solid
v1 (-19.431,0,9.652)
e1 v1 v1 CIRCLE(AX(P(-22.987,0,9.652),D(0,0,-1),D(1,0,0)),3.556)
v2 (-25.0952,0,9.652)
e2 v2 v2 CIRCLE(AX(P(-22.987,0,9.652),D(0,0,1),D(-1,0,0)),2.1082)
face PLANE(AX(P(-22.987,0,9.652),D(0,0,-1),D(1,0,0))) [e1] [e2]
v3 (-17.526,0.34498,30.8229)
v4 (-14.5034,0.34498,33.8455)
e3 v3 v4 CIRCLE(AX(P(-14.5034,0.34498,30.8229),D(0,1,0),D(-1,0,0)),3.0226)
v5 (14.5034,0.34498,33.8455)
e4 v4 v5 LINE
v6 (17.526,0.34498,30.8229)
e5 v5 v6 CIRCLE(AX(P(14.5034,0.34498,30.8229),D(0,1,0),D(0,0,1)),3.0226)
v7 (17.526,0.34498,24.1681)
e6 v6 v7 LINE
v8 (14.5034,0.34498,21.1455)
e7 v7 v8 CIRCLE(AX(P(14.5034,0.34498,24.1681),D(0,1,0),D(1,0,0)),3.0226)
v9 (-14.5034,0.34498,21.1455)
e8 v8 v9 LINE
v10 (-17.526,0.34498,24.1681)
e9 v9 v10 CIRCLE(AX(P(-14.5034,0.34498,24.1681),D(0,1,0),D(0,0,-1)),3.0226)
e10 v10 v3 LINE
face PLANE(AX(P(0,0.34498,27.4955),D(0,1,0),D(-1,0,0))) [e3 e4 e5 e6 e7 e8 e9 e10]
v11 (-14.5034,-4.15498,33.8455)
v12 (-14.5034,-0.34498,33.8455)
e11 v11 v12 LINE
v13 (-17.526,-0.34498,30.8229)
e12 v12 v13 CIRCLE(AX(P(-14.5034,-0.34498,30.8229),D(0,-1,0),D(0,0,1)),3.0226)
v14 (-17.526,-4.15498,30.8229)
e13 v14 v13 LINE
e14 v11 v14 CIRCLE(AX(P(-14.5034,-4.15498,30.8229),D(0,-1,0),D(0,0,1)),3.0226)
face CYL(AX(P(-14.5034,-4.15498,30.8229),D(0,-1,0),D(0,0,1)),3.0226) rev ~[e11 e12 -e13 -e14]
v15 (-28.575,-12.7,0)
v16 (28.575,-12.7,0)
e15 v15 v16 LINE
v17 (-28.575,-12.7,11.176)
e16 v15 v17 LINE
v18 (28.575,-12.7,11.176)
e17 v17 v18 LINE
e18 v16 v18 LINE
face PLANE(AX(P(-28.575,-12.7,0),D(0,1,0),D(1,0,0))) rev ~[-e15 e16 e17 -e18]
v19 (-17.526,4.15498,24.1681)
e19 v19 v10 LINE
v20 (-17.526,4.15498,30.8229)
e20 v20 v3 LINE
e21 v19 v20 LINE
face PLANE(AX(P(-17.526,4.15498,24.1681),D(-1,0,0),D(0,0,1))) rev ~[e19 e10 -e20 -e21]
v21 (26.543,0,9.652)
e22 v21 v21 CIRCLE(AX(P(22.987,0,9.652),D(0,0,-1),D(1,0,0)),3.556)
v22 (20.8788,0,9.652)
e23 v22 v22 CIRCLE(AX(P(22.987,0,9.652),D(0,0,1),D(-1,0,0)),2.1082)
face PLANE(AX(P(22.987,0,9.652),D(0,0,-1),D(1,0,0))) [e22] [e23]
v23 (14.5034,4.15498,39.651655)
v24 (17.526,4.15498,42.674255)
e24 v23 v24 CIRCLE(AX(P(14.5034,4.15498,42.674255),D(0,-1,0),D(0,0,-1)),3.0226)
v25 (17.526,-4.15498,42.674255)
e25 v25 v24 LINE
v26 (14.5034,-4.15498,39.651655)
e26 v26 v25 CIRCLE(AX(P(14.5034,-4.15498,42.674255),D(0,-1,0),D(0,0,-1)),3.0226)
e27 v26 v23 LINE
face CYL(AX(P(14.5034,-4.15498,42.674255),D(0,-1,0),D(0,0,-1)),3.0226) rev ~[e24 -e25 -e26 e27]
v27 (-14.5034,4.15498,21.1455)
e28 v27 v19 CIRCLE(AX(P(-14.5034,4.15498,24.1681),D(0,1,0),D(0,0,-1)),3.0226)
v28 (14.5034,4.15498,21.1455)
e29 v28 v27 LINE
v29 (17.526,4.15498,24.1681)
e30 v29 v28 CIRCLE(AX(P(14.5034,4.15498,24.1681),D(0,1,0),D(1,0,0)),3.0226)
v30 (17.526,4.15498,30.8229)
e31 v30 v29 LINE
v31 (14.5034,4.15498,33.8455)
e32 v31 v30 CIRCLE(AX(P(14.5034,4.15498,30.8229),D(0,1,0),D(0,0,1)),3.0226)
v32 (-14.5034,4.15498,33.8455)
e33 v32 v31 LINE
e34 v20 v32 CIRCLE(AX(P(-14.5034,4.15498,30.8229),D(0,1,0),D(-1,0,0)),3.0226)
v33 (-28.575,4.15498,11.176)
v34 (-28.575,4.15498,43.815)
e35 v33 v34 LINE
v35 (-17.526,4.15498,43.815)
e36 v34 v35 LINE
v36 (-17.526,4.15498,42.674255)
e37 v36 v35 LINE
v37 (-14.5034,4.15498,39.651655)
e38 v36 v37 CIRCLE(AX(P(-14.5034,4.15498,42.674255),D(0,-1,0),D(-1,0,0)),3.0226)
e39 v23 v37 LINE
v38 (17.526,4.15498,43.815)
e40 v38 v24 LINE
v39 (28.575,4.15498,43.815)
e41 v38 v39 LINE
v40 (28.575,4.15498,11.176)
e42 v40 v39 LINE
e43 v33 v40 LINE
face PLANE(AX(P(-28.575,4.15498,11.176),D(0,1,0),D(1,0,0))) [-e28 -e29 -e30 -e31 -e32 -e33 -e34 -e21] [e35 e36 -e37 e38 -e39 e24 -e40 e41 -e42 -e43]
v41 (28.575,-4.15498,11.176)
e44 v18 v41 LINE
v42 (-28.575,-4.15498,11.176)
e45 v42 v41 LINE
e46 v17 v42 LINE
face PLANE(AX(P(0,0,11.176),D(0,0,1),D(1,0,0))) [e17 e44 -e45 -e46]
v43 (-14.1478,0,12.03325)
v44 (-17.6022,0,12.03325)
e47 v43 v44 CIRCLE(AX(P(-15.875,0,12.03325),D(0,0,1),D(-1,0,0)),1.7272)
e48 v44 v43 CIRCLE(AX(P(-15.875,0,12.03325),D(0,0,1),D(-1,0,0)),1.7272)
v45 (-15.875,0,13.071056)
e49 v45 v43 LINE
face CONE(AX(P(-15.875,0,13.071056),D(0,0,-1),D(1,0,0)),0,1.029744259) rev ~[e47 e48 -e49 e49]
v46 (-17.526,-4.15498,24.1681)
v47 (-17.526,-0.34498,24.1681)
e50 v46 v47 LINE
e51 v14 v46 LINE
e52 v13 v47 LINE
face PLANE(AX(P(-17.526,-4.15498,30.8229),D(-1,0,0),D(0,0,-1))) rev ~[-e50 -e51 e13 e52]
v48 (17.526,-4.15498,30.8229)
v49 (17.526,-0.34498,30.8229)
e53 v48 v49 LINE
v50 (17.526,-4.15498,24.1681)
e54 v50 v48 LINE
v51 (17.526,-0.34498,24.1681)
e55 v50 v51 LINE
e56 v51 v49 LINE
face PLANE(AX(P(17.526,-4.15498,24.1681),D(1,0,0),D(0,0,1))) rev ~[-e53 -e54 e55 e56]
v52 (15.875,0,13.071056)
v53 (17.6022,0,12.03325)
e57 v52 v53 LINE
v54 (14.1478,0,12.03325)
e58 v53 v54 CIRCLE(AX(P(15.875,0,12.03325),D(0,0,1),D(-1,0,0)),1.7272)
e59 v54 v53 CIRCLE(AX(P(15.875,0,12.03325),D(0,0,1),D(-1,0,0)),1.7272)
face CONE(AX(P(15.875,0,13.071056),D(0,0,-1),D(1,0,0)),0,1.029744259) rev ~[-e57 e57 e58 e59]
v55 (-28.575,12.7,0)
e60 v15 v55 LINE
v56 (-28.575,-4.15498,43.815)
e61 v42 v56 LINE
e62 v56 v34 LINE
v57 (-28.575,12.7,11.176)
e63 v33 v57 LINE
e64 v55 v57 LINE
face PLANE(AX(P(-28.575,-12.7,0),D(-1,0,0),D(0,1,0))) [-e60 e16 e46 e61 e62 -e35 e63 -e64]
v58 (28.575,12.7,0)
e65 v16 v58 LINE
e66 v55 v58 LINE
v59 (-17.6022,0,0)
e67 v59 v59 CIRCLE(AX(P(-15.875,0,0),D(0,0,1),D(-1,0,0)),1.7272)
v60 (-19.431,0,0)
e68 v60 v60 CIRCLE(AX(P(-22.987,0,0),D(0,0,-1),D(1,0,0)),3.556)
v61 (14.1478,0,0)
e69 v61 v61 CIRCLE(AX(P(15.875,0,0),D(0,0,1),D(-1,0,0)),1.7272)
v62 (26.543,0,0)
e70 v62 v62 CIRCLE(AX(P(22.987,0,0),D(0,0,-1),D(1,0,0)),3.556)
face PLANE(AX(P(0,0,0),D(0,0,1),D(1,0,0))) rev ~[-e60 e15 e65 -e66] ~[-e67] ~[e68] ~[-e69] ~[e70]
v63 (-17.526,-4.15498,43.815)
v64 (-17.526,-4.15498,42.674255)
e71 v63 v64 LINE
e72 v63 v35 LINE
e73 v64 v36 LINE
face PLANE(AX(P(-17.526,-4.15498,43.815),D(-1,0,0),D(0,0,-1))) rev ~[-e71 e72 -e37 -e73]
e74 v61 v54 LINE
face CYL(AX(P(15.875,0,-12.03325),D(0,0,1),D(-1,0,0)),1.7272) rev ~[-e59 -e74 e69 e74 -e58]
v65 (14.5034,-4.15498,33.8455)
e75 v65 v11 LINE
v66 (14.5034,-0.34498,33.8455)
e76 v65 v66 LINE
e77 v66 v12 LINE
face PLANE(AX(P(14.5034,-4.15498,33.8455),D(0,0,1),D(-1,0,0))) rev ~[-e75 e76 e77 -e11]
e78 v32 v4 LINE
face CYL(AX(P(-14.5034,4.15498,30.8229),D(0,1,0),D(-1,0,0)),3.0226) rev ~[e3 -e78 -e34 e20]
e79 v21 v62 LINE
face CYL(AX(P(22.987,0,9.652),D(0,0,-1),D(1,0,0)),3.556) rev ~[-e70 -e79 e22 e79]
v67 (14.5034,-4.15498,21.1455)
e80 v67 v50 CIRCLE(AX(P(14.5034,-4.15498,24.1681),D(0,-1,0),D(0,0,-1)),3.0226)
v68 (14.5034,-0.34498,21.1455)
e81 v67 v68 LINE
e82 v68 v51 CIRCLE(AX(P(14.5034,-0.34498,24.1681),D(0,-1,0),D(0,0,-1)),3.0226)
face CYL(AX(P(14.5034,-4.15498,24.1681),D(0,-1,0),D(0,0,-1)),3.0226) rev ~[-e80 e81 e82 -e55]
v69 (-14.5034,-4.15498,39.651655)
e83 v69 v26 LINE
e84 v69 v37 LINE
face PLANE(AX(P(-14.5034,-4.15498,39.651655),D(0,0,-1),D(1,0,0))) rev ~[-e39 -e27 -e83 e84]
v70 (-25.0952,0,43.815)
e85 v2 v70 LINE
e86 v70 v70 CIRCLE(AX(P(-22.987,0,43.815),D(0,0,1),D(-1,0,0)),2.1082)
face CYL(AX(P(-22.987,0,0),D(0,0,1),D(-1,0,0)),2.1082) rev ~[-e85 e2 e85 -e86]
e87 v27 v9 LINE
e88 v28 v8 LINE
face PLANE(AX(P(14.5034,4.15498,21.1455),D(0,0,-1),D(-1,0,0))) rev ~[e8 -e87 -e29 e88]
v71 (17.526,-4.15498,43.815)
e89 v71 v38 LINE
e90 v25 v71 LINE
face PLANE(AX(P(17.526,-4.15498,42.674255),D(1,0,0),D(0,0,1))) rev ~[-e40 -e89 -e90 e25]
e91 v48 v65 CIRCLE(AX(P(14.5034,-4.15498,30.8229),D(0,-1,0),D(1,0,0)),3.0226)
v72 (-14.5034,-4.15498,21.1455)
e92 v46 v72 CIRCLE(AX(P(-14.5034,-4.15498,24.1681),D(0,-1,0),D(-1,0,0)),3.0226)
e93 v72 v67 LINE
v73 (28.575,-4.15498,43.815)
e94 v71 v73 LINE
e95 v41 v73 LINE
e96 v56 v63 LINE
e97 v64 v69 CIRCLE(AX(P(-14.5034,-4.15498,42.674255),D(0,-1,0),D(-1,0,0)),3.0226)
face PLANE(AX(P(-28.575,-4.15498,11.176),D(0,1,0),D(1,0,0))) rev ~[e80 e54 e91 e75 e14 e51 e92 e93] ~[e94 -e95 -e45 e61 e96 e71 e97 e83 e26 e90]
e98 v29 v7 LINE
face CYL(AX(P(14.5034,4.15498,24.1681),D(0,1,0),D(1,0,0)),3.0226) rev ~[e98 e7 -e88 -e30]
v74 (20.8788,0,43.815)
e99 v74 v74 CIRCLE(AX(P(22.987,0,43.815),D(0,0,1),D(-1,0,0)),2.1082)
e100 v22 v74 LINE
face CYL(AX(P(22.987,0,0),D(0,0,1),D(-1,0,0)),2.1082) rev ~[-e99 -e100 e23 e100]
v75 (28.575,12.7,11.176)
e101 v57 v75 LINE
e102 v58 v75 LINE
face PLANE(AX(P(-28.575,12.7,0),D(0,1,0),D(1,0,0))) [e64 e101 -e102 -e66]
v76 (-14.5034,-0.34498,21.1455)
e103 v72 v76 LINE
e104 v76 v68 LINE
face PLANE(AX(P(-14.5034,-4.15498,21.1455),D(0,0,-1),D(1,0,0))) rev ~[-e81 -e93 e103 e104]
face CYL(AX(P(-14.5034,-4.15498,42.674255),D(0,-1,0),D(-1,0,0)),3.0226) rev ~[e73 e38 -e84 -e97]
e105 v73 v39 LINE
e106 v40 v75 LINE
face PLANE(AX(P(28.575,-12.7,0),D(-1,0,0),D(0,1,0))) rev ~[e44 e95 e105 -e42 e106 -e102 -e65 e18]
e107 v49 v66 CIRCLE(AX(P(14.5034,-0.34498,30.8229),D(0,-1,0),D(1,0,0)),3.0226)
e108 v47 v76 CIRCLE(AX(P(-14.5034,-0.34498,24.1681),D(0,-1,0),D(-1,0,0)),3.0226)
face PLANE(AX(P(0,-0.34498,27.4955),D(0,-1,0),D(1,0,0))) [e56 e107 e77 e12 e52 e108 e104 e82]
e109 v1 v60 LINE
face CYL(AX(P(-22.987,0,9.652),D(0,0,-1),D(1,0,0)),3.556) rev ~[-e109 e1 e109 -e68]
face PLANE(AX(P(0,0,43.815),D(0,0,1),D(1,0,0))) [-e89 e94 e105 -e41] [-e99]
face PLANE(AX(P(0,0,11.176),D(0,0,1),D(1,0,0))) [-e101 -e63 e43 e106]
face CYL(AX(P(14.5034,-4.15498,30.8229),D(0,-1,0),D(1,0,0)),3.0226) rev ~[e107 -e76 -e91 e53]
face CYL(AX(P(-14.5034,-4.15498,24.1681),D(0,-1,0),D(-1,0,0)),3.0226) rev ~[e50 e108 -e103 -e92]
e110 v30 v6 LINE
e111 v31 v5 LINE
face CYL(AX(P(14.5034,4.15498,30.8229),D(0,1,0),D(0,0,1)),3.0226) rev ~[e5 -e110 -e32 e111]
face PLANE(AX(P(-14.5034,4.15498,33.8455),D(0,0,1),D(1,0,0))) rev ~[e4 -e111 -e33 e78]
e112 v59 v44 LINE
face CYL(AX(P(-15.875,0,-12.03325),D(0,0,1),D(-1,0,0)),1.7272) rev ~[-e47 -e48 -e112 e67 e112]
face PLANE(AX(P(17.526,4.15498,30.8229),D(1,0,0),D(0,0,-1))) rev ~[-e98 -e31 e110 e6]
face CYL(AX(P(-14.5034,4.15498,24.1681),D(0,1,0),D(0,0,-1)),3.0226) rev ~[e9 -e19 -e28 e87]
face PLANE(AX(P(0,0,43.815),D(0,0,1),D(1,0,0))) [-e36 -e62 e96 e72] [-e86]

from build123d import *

# Parameters (mm, degrees)
F0_W            = 57.15
F0_H            = 25.4
F1_DEPTH        = 11.176
F2_W            = 57.15
F2_H            = 8.3099603653
F3_DEPTH        = 32.639
F5_DEPTH        = 3.81
F6_DEPTH        = 16.8559801826
F8_DEPTH        = 3.81
F10_D           = 4.2164
F10_CBORE_D     = 7.112
F10_CBORE_DEPTH = 9.652
F11_D           = 3.4544
F11_DEPTH       = 12.03325
F11_TIP         = 1.0378064612


with BuildPart() as f1:
    # F0 (on Top) → F1 (new body)
    with BuildSketch(Plane.XY):
        Rectangle(F0_W, F0_H)
    extrude(amount=F1_DEPTH)

    # F2 (on face) → F3 (join)
    with BuildSketch(Plane.XY.offset(11.176)):
        Rectangle(F2_W, F2_H)
    extrude(amount=F3_DEPTH)

    # F4 (on face) → F5 (cut)
    with BuildSketch(Plane.XZ.offset(4.1549801826)):
        with BuildLine():
            ThreePointArc((17.526, 30.8229), (16.6407009568, 32.9602009568), (14.5034, 33.8455))
            Line((14.5034, 33.8455), (-14.5034, 33.8455))
            ThreePointArc((-14.5034, 33.8455), (-16.6407009568, 32.9602009568), (-17.526, 30.8229))
            Line((-17.526, 30.8229), (-17.526, 24.1681))
            ThreePointArc((-17.526, 24.1681), (-16.6407009568, 22.0307990432), (-14.5034, 21.1455))
            Line((-14.5034, 21.1455), (14.5034, 21.1455))
            ThreePointArc((14.5034, 21.1455), (16.6407009568, 22.0307990432), (17.526, 24.1681))
            Line((17.526, 24.1681), (17.526, 30.8229))
        make_face()
    extrude(amount=-F5_DEPTH, mode=Mode.SUBTRACT)

    # F4 (on face) → F6 (cut, through all)
    with BuildSketch(Plane.XZ.offset(4.1549801826)):
        with BuildLine():
            ThreePointArc((-17.526, 42.6742546607), (-16.6407009568, 40.5369537039), (-14.5034, 39.6516546607))
            Line((-14.5034, 39.6516546607), (14.5034, 39.6516546607))
            ThreePointArc((14.5034, 39.6516546607), (16.6407009568, 40.5369537039), (17.526, 42.6742546607))
            Line((17.526, 42.6742546607), (17.526, 43.815))
            Line((17.526, 43.815), (-17.526, 43.815))
            Line((-17.526, 43.815), (-17.526, 42.6742546607))
        make_face()
    extrude(amount=-F6_DEPTH, mode=Mode.SUBTRACT)

    # F7 (on face) → F8 (cut)
    with BuildSketch(Plane(origin=(0, 4.1549801826, 0), x_dir=(-1, 0, 0), z_dir=(0, 1, 0))):
        with BuildLine():
            ThreePointArc((-14.5034, 33.8455), (-16.6407009568, 32.9602009568), (-17.526, 30.8229))
            Line((-17.526, 30.8229), (-17.526, 24.1681))
            ThreePointArc((-17.526, 24.1681), (-16.6407009568, 22.0307990432), (-14.5034, 21.1455))
            Line((-14.5034, 21.1455), (14.5034, 21.1455))
            ThreePointArc((14.5034, 21.1455), (16.6407009568, 22.0307990432), (17.526, 24.1681))
            Line((17.526, 24.1681), (17.526, 30.8229))
            ThreePointArc((17.526, 30.8229), (16.6407009568, 32.9602009568), (14.5034, 33.8455))
            Line((14.5034, 33.8455), (-14.5034, 33.8455))
        make_face()
    extrude(amount=-F8_DEPTH, mode=Mode.SUBTRACT)

    # F10 (through all)
    with Locations(Plane(origin=(0, 0, 0), x_dir=(1, 0, 0), z_dir=(0, 0, -1))):
        with Locations((-22.987, 0), (22.987, 0)):
            CounterBoreHole(F10_D / 2, F10_CBORE_D / 2, F10_CBORE_DEPTH)

    # F11
    with Locations(Plane(origin=(0, 0, 0), x_dir=(1, 0, 0), z_dir=(0, 0, -1))):
        with Locations((-15.875, 0), (15.875, 0)):
            Hole(F11_D / 2, depth=F11_DEPTH)
            with Locations((0, 0, -(F11_DEPTH + F11_TIP / 2))):  # 118° drill point
                Cone(0, F11_D / 2, F11_TIP, mode=Mode.SUBTRACT)


solid = f1.part
